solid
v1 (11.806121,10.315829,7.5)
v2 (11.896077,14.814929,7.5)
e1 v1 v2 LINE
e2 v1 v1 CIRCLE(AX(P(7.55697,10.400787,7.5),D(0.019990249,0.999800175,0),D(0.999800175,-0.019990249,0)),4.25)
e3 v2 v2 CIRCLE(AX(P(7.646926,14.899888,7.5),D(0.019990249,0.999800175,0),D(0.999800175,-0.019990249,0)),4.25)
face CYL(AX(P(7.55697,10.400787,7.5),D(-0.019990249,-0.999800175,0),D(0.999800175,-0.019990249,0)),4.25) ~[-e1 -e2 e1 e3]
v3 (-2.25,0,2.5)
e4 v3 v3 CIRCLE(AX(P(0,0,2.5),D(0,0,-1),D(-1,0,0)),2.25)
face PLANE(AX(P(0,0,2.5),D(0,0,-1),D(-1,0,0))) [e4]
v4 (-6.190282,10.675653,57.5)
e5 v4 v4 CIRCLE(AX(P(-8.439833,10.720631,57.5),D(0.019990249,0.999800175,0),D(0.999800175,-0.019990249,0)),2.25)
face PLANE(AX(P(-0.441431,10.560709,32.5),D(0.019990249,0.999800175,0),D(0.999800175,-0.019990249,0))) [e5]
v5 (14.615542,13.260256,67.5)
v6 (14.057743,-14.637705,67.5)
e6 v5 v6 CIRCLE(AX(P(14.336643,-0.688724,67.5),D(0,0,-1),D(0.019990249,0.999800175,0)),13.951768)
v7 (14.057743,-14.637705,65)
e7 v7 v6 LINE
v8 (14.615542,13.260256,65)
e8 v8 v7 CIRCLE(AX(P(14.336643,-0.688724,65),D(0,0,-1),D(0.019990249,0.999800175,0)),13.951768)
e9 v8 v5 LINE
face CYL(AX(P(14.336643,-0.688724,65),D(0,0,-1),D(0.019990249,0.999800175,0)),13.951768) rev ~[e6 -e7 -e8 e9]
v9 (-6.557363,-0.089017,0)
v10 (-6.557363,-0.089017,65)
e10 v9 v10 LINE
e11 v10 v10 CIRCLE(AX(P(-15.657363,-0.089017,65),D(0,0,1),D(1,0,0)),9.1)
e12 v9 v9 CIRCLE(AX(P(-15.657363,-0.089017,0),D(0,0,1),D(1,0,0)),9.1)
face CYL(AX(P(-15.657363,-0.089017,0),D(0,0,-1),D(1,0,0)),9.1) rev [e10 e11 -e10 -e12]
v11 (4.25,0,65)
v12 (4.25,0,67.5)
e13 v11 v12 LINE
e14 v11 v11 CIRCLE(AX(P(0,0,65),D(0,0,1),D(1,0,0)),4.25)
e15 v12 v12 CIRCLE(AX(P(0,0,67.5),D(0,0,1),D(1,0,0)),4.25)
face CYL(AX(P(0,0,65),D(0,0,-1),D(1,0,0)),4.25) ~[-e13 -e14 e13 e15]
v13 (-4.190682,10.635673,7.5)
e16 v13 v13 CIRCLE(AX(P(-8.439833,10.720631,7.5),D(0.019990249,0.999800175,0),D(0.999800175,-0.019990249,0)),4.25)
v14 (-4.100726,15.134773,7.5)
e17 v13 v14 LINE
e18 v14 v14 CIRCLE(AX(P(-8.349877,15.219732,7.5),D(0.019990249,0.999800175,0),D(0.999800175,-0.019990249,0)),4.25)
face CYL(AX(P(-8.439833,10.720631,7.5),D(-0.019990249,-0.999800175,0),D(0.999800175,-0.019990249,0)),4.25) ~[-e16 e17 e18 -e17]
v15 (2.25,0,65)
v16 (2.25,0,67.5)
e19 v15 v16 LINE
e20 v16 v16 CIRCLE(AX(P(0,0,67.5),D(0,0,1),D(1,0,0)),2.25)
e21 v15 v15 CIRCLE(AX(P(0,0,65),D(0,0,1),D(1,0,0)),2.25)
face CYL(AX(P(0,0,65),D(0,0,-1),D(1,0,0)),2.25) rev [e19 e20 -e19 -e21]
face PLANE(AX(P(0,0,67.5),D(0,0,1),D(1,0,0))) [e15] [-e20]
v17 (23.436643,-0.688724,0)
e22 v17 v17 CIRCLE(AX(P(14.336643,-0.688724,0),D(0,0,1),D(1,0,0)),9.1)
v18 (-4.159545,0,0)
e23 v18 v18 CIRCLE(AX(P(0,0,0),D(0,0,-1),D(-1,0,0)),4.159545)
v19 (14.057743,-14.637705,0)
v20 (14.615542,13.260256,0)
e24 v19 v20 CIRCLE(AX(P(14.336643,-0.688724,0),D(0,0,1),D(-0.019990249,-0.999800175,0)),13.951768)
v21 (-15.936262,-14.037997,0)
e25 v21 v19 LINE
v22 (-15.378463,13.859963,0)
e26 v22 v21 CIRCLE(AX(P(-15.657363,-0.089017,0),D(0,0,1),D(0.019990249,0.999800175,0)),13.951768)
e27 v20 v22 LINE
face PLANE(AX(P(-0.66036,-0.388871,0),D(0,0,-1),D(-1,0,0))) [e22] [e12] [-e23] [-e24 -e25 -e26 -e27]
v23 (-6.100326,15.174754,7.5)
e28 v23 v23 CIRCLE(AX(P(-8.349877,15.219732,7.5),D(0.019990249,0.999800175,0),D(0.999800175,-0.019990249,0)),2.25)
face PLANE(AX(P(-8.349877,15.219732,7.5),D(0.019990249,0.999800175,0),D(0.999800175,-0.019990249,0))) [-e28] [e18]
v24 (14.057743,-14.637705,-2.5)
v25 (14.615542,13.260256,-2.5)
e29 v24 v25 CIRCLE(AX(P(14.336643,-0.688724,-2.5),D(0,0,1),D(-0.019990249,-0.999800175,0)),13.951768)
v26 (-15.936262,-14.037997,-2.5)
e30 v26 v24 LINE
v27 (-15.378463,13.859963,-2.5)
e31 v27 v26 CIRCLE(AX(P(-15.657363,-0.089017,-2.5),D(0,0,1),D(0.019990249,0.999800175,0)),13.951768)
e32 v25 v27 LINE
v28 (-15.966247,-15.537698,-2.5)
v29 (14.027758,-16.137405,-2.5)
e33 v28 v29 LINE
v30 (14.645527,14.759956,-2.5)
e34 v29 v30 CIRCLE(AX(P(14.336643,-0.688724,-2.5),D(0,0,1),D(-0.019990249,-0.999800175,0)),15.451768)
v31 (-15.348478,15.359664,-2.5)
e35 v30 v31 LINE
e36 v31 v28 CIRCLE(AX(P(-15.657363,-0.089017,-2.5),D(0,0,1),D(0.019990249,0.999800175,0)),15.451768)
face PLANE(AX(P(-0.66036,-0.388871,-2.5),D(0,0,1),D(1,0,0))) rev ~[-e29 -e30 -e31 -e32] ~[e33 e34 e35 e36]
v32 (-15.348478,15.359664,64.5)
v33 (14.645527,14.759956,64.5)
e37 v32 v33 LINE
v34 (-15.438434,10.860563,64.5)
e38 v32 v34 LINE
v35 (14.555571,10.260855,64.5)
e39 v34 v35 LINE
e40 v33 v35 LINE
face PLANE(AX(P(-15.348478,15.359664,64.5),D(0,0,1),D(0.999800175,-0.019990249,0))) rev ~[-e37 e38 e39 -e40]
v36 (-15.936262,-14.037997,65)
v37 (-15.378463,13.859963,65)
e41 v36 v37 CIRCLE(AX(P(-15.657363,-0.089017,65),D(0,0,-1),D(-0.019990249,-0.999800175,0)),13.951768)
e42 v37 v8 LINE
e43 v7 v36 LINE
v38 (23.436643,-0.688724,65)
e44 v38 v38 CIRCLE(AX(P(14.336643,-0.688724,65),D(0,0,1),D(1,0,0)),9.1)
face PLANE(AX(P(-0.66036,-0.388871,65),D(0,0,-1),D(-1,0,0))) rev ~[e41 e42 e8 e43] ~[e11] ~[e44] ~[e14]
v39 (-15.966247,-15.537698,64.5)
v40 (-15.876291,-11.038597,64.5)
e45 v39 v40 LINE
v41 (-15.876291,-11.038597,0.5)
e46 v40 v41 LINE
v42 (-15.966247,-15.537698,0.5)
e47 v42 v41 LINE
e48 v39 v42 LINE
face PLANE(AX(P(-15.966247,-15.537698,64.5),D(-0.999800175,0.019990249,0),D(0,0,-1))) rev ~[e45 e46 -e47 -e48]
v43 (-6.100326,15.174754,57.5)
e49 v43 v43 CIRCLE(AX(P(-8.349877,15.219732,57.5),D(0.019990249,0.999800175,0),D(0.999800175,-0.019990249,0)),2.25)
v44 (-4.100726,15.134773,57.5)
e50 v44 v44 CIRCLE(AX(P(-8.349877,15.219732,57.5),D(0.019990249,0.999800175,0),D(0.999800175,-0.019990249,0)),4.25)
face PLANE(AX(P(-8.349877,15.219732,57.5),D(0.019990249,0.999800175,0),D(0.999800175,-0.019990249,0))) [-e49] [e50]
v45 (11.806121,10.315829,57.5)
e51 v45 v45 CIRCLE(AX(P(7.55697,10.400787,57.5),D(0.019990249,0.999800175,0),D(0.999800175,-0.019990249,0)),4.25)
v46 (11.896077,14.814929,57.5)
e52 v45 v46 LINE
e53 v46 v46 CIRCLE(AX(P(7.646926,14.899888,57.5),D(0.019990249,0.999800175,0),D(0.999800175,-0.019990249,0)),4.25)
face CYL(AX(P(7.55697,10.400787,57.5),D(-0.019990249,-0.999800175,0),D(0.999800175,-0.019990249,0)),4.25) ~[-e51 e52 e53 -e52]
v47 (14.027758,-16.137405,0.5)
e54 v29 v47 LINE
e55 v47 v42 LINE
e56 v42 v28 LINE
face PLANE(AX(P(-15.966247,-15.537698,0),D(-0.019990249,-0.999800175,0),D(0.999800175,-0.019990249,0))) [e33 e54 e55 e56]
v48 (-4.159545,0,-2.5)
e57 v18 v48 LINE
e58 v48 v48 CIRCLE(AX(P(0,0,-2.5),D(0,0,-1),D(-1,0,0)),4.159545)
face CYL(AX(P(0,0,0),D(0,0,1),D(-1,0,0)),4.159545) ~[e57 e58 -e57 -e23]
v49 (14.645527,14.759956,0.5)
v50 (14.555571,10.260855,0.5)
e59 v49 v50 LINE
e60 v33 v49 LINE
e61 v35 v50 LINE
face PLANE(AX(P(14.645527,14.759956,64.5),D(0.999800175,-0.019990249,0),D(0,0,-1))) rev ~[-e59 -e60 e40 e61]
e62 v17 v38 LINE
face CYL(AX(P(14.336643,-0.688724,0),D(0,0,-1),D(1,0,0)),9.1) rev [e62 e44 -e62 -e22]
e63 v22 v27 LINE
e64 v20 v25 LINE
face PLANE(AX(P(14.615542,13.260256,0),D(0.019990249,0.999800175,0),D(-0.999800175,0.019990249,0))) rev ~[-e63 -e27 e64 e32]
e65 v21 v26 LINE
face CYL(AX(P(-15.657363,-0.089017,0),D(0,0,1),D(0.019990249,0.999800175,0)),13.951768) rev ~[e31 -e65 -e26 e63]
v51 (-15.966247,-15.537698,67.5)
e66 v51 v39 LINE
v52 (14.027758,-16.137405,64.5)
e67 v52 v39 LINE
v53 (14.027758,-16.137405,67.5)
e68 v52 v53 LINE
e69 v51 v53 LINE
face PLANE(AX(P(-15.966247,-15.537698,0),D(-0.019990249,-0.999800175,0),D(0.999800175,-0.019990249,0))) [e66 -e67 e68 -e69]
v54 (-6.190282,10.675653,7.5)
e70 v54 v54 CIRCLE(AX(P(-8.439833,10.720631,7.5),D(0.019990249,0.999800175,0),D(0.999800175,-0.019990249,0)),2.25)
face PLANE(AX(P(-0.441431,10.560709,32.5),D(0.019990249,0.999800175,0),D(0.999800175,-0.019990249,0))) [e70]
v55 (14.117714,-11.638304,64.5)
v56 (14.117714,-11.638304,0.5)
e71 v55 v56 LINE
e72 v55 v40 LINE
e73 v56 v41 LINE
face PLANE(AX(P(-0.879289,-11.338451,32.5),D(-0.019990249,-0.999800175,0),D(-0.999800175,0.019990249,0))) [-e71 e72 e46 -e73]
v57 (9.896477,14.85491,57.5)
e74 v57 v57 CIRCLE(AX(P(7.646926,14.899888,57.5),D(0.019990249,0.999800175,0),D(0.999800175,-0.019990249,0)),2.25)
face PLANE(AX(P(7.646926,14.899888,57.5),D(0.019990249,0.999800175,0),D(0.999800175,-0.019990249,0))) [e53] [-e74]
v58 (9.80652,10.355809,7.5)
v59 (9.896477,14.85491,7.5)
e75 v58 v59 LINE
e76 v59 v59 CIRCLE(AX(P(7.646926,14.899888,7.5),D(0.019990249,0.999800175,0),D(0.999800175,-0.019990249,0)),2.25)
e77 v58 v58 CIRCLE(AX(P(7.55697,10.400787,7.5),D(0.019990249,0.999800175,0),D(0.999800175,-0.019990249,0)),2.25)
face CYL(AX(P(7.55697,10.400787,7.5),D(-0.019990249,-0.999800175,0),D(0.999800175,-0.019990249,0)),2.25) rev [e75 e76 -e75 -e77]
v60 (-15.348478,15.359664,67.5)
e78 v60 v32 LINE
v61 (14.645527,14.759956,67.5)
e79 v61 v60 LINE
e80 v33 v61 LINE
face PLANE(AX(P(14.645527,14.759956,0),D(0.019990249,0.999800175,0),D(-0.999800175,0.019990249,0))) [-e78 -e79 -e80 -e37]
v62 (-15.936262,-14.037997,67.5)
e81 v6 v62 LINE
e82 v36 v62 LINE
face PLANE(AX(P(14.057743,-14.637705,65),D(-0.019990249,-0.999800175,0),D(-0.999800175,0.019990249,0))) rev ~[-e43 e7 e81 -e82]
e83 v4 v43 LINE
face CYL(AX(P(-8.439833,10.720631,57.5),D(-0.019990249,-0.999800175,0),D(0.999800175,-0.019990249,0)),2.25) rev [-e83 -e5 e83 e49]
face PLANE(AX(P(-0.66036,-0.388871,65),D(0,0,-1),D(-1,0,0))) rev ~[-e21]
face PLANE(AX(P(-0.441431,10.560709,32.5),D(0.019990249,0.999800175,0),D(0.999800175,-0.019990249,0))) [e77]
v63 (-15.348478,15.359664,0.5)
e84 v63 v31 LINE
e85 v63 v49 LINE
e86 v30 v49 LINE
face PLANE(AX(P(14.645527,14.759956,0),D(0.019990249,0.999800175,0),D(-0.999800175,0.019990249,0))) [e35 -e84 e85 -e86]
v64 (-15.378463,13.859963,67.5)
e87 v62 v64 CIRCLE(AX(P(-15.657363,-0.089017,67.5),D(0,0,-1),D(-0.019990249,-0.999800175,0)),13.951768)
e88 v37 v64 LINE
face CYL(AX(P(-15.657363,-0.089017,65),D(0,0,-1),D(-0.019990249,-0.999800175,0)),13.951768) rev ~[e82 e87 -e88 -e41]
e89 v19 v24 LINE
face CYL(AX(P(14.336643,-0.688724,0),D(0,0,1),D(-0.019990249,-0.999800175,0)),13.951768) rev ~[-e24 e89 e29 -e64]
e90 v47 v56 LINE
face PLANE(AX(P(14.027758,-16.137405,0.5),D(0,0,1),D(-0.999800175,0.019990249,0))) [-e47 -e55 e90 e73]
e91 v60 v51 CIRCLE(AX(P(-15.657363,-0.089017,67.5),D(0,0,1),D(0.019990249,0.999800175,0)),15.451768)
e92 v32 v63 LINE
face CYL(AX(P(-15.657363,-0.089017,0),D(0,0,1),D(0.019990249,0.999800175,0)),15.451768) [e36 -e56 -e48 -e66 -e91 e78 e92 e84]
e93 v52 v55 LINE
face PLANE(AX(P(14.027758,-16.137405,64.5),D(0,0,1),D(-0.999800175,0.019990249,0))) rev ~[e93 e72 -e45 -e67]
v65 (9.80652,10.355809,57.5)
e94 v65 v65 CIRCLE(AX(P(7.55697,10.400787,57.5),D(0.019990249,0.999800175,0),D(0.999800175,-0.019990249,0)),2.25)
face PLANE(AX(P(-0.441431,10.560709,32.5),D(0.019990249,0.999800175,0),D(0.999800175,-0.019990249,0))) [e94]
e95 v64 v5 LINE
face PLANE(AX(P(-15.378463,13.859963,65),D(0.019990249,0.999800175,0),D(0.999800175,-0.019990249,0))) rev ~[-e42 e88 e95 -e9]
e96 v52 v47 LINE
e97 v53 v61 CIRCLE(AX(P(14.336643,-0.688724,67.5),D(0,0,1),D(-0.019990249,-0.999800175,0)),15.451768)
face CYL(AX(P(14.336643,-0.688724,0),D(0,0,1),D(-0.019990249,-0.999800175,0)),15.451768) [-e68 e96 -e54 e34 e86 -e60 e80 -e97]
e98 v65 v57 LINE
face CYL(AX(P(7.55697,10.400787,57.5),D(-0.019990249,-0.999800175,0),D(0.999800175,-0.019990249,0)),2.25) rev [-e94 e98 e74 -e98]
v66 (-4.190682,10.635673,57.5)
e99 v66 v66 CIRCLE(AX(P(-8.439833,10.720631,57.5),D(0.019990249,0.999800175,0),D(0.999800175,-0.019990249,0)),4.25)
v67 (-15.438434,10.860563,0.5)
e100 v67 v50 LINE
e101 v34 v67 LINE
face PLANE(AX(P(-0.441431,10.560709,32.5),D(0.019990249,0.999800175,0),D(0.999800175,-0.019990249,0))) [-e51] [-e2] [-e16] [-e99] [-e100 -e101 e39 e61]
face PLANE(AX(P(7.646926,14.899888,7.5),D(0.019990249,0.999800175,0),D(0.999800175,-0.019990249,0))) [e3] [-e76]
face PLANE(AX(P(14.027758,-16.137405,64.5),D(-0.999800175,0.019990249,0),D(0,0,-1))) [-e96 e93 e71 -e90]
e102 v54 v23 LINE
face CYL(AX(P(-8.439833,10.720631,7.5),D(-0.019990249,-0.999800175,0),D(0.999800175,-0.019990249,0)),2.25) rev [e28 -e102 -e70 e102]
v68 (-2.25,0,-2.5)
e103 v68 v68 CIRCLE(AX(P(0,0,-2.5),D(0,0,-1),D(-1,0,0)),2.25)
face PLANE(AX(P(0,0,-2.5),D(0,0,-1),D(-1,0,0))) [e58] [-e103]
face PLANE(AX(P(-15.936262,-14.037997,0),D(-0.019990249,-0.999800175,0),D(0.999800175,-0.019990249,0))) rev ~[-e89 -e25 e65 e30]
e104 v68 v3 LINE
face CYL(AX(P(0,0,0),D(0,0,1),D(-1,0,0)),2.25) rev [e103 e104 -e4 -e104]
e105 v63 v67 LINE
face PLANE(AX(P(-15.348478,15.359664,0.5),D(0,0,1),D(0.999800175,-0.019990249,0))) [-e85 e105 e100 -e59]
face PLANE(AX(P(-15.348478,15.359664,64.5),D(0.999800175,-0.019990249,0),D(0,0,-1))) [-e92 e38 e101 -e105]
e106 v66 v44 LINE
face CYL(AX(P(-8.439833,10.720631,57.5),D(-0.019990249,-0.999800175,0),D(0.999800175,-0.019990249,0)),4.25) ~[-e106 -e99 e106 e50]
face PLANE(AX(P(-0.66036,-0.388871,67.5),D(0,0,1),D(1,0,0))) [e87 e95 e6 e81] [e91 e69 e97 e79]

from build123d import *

# Parameters (mm, degrees)
SKETCH_1_R          = 9.1
EXTRUDE_1_DEPTH     = 65
EXTRUDE_2_DEPTH     = 2.5
EXTRUDE_3_DEPTH     = 2.5
SKETCH_7_W          = 30
SKETCH_7_H          = 64
CUT_EXTRUDE_4_DEPTH = 4.5
SKETCH_8_W          = 30
SKETCH_8_H          = 64
CUT_EXTRUDE_5_DEPTH = 4.5
SKETCH_4_R          = 4.159545235
SKETCH_4_R_2        = 2.25
EXTRUDE_4_DEPTH     = 2.5
SKETCH_10_R         = 2.25
CUT_EXTRUDE_6_DEPTH = 2.5
SKETCH_11_R         = 4.25
SKETCH_11_R_2       = 2.25
EXTRUDE_5_DEPTH     = 4.5
SKETCH_3_R          = 4.25
SKETCH_3_R_2        = 2.25
EXTRUDE_6_DEPTH     = 2.5


with BuildPart() as part:
    # Эскиз1 → Бобышка-Вытянуть1 (new body)
    with BuildSketch(Plane.XY):
        with BuildLine():
            Line((-15.348477888, 15.359663741), (14.645527362, 14.759956259))
            ThreePointArc((14.645527362, 14.759956259), (29.785323334, -0.997609119), (14.027757956, -16.137405091))
            Line((14.027757956, -16.137405091), (-15.966247294, -15.537697609))
            ThreePointArc((-15.966247294, -15.537697609), (-31.106043266, 0.219867769), (-15.348477888, 15.359663741))
        make_face()
        with Locations((-15.657362591, -0.089016934)):
            Circle(SKETCH_1_R, mode=Mode.SUBTRACT)
        with Locations((14.336642659, -0.688724416)):
            Circle(SKETCH_1_R, mode=Mode.SUBTRACT)
    extrude(amount=EXTRUDE_1_DEPTH)

    # Эскиз2 → Бобышка-Вытянуть2 (add)
    with BuildSketch(Plane.XY.offset(65)):
        with BuildLine():
            Line((-15.966247294, -15.537697609), (14.027757956, -16.137405091))
            ThreePointArc((14.027757956, -16.137405091), (29.785323334, -0.997609119), (14.645527362, 14.759956259))
            Line((14.645527362, 14.759956259), (-15.348477888, 15.359663741))
            ThreePointArc((-15.348477888, 15.359663741), (-31.106043266, 0.219867769), (-15.966247294, -15.537697609))
        make_face()
        with BuildLine():
            Line((-15.378463262, 13.859963479), (14.615541988, 13.260255996))
            ThreePointArc((14.615541988, 13.260255996), (28.285623072, -0.967623745), (14.05774333, -14.637704829))
            Line((14.05774333, -14.637704829), (-15.93626192, -14.037997346))
            ThreePointArc((-15.93626192, -14.037997346), (-29.606343003, 0.189882395), (-15.378463262, 13.859963479))
        make_face(mode=Mode.SUBTRACT)
    extrude(amount=EXTRUDE_2_DEPTH)

    # Эскиз5 → Бобышка-Вытянуть3 (add)
    with BuildSketch(Plane(origin=(0, 0, 0), x_dir=(-1, 0, 0), z_dir=(0, 0, -1))):
        with BuildLine():
            Line((15.966247294, -15.537697609), (-14.027757956, -16.137405091))
            ThreePointArc((-14.027757956, -16.137405091), (-29.785323334, -0.997609119), (-14.645527362, 14.759956259))
            Line((-14.645527362, 14.759956259), (15.348477888, 15.359663741))
            ThreePointArc((15.348477888, 15.359663741), (31.106043266, 0.219867769), (15.966247294, -15.537697609))
        make_face()
        with BuildLine():
            Line((-14.615541988, 13.260255996), (15.378463262, 13.859963479))
            ThreePointArc((15.378463262, 13.859963479), (29.606343003, 0.189882395), (15.93626192, -14.037997346))
            Line((15.93626192, -14.037997346), (-14.05774333, -14.637704829))
            ThreePointArc((-14.05774333, -14.637704829), (-28.285623072, -0.967623745), (-14.615541988, 13.260255996))
        make_face(mode=Mode.SUBTRACT)
    extrude(amount=EXTRUDE_3_DEPTH)

    # Эскиз7 → Вырез-Вытянуть4 (cut)
    with BuildSketch(Plane(origin=(0.300848748, 15.046767274, 0), x_dir=(0.999800175, -0.019990249, 0), z_dir=(0.019990249, 0.999800175, 0))):
        with Locations((-0.652454388, -32.5)):
            Rectangle(SKETCH_7_W, SKETCH_7_H)
    extrude(amount=-CUT_EXTRUDE_4_DEPTH, mode=Mode.SUBTRACT)

    # Эскиз8 → Вырез-Вытянуть5 (cut)
    with BuildSketch(Plane(origin=(-0.316920658, -15.850594076, 0), x_dir=(-0.999800175, 0.019990249, 0), z_dir=(-0.019990249, -0.999800175, 0))):
        with Locations((0.652454388, -32.5)):
            Rectangle(SKETCH_8_W, SKETCH_8_H)
    extrude(amount=-CUT_EXTRUDE_5_DEPTH, mode=Mode.SUBTRACT)

    # Эскиз4 → Бобышка-Вытянуть4 (add)
    with BuildSketch(Plane(origin=(0, 0, 0), x_dir=(-1, 0, 0), z_dir=(0, 0, -1))):
        Circle(SKETCH_4_R)
        Circle(SKETCH_4_R_2, mode=Mode.SUBTRACT)
    extrude(amount=EXTRUDE_4_DEPTH)

    # Эскиз10 → Вырез-Вытянуть6 (cut)
    with BuildSketch(Plane(origin=(0, 0, 0), x_dir=(-1, 0, 0), z_dir=(0, 0, -1))):
        Circle(SKETCH_10_R)
    extrude(amount=-CUT_EXTRUDE_6_DEPTH, mode=Mode.SUBTRACT)

    # Эскиз11 → Бобышка-Вытянуть5 (add)
    with BuildSketch(Plane(origin=(0.210892625, 10.547666486, 0), x_dir=(0.999800175, -0.019990249, 0), z_dir=(0.019990249, 0.999800175, 0))):
        with Locations((7.347545612, -7.5)):
            Circle(SKETCH_11_R)
        with Locations((7.347545612, -7.5)):
            Circle(SKETCH_11_R_2, mode=Mode.SUBTRACT)
        with Locations((-8.652454388, -7.5)):
            Circle(SKETCH_11_R)
        with Locations((-8.652454388, -7.5)):
            Circle(SKETCH_11_R_2, mode=Mode.SUBTRACT)
        with Locations((7.347545612, -57.5)):
            Circle(SKETCH_11_R)
        with Locations((7.347545612, -57.5)):
            Circle(SKETCH_11_R_2, mode=Mode.SUBTRACT)
        with Locations((-8.652454388, -57.5)):
            Circle(SKETCH_11_R)
        with Locations((-8.652454388, -57.5)):
            Circle(SKETCH_11_R_2, mode=Mode.SUBTRACT)
    extrude(amount=EXTRUDE_5_DEPTH)

    # Эскиз3 → Бобышка-Вытянуть6 (add)
    with BuildSketch(Plane.XY.offset(65)):
        Circle(SKETCH_3_R)
        Circle(SKETCH_3_R_2, mode=Mode.SUBTRACT)
    extrude(amount=EXTRUDE_6_DEPTH)


solid = part.part
